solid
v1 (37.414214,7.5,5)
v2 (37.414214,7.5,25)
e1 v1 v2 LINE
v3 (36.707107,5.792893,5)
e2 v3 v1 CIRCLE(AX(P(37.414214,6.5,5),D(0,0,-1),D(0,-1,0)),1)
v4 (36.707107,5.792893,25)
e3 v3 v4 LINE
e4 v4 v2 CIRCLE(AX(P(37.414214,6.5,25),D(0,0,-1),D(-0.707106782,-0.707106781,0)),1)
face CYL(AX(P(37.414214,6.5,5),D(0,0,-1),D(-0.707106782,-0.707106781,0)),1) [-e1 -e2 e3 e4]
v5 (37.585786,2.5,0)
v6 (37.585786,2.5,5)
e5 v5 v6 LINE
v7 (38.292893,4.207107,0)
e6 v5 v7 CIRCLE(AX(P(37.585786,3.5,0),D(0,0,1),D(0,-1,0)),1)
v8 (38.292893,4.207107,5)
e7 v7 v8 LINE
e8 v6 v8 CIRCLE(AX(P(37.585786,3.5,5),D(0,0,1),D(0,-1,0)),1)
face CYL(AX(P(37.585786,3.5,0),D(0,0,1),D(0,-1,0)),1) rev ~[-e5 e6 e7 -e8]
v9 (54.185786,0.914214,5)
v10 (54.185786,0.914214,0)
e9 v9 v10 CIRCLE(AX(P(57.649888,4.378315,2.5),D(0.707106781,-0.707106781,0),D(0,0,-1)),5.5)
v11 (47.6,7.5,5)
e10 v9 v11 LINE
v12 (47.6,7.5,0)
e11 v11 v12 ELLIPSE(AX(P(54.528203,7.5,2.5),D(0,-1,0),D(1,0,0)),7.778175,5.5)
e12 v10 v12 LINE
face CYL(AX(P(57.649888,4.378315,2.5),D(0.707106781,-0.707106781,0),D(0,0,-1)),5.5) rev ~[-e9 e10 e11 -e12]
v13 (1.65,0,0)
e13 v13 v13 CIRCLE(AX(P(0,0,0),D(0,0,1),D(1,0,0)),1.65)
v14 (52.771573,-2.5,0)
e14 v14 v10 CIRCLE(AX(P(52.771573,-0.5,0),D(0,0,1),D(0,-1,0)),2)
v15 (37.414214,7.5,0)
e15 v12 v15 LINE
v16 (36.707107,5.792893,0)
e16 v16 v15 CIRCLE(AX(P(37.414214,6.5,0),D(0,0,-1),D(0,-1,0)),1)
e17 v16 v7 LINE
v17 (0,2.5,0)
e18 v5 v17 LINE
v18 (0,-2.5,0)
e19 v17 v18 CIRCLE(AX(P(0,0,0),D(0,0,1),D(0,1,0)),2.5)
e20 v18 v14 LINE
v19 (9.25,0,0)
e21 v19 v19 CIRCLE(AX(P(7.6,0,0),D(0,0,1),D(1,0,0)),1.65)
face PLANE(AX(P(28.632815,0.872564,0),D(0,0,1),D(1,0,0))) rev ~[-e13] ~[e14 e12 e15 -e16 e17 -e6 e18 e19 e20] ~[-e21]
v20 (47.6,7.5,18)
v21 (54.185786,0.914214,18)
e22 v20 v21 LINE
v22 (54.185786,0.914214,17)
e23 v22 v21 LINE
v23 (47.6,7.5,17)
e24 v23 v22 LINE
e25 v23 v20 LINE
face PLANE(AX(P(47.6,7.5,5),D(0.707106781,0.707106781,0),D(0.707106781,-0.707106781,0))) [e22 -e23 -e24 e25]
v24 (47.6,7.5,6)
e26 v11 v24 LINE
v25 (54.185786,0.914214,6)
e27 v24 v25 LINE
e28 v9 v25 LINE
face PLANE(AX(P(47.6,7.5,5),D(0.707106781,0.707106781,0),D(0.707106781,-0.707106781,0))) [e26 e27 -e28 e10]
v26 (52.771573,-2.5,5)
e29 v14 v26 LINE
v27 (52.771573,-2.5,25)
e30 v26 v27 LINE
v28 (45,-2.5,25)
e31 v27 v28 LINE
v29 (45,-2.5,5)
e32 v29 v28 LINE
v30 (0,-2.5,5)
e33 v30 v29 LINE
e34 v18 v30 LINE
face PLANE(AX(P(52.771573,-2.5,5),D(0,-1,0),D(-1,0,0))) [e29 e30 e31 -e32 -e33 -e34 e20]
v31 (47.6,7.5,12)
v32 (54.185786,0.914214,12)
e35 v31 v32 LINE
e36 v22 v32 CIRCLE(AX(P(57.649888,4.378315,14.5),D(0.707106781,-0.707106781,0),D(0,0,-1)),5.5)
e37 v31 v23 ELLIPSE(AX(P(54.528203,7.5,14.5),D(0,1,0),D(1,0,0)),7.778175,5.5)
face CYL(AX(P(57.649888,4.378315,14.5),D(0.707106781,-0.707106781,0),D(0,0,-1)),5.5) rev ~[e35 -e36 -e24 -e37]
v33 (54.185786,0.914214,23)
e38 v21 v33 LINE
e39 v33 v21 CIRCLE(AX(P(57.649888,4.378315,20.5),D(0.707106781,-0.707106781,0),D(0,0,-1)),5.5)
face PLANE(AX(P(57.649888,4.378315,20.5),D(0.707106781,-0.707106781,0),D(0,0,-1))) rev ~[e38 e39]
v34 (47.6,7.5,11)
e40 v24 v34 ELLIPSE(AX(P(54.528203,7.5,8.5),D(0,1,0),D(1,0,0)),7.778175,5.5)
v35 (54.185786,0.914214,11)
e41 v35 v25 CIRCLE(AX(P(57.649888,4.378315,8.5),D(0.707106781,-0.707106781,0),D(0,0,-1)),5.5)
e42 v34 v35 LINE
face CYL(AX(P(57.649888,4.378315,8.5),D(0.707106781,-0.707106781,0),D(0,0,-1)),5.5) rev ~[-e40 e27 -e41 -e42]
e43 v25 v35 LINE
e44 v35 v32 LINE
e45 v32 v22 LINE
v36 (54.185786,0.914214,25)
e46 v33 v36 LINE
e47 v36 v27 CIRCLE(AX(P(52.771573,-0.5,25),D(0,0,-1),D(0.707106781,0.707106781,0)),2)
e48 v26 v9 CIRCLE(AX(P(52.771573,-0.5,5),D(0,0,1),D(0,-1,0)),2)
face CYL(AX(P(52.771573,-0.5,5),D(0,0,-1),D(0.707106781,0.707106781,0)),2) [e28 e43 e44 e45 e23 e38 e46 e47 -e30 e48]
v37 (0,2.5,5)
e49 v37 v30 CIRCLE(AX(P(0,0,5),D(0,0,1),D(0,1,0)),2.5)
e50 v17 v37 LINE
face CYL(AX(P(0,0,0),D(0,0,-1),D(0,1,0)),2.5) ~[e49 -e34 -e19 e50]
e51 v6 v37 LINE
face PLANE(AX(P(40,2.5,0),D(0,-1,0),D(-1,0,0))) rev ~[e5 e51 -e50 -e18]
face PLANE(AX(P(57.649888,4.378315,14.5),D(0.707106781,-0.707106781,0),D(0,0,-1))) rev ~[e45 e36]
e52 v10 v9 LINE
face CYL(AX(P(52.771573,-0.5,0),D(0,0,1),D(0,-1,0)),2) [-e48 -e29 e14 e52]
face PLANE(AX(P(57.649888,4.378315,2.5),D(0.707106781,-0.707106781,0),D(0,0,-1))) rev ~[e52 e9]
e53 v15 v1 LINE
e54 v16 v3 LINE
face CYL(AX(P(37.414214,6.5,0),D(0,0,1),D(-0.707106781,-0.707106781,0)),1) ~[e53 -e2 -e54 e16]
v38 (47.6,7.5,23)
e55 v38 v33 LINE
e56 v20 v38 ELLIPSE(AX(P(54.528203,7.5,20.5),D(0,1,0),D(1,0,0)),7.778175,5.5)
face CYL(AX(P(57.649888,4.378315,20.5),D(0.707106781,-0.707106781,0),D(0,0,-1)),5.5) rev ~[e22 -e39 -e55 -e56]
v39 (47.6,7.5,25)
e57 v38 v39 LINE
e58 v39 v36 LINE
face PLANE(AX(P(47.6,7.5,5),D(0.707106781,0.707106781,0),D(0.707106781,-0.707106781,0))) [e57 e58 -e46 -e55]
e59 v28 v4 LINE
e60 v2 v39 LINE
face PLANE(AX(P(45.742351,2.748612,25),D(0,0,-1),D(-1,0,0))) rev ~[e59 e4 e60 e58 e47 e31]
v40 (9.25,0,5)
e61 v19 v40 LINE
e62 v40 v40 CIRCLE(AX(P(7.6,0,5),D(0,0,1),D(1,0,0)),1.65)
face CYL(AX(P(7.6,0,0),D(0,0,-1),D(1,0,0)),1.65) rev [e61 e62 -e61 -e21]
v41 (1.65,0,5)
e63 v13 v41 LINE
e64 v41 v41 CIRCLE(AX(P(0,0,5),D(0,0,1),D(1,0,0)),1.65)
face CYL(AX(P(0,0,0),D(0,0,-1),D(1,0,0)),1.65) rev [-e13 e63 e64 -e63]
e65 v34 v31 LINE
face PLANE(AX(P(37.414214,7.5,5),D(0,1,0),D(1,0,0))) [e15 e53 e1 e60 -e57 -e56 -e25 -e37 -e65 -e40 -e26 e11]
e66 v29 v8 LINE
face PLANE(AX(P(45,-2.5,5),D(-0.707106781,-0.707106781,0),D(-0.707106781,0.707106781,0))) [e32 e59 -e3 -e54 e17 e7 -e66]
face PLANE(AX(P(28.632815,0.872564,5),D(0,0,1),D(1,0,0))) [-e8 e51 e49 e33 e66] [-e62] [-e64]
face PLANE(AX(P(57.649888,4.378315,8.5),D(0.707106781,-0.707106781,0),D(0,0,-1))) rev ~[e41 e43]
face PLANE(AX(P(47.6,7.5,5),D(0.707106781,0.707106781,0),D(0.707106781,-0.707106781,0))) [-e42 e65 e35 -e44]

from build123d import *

# Parameters (mm, degrees)
SKETCH2_R           = 1.65
BOSS_EXTRUDE1_DEPTH = 5
FILLET1_R           = 2
FILLET2_R           = 1
FILLET3_R           = 1
SKETCH3_R           = 5.5
CUT_EXTRUDE1_DEPTH  = 34
BOSS_EXTRUDE2_DEPTH = 20
LPATTERN1_COUNT     = 4
LPATTERN1_PITCH     = 6


with BuildPart() as part:
    # Sketch2 → Boss-Extrude1 (new body)
    with BuildSketch(Plane.XY):
        with BuildLine():
            Line((40, 2.5), (0, 2.5))
            ThreePointArc((0, 2.5), (-2.5, 0), (0, -2.5))
            Line((0, -2.5), (57.6, -2.5))
            Line((57.6, -2.5), (47.6, 7.5))
            Line((47.6, 7.5), (35, 7.5))
            Line((35, 7.5), (40, 2.5))
        make_face()
        with Locations((7.6, 0)):
            Circle(SKETCH2_R, mode=Mode.SUBTRACT)
        Circle(SKETCH2_R, mode=Mode.SUBTRACT)
    extrude(amount=BOSS_EXTRUDE1_DEPTH)

    # Fillet1
    fillet1_edges = [part.edges().sort_by_distance(p)[0] for p in [
        (57.6, -2.5, 2.5),
    ]]
    fillet(fillet1_edges, radius=FILLET1_R)

    # Fillet2
    fillet2_edges = [part.edges().sort_by_distance(p)[0] for p in [
        (40, 2.5, 2.5),
    ]]
    fillet(fillet2_edges, radius=FILLET2_R)

    # Fillet3
    fillet3_edges = [part.edges().sort_by_distance(p)[0] for p in [
        (35, 7.5, 2.5),
    ]]
    fillet(fillet3_edges, radius=FILLET3_R)

    # Sketch3 → Cut-Extrude1 (cut)
    with BuildSketch(Plane(origin=(26.635786438, -26.635786438, 0), x_dir=(0, 0, -1), z_dir=(0.707106781, -0.707106781, 0))):
        with Locations((-2.5, 43.860563129)):
            Circle(SKETCH3_R)
    cut_extrude1 = extrude(amount=-CUT_EXTRUDE1_DEPTH, mode=Mode.SUBTRACT)

    # Sketch4 → Boss-Extrude2 (add)
    with BuildSketch(Plane.XY.offset(5)):
        with BuildLine():
            Line((37.414213562, 7.5), (47.6, 7.5))
            Line((47.6, 7.5), (54.185786438, 0.914213562))
            ThreePointArc((54.185786438, 0.914213562), (54.61933194, -1.265366865), (52.771572875, -2.5))
            Line((52.771572875, -2.5), (45, -2.5))
            Line((45, -2.5), (38.292893219, 4.207106781))
            Line((38.292893219, 4.207106781), (36.707106781, 5.792893219))
            ThreePointArc((36.707106781, 5.792893219), (36.49033403, 6.882683432), (37.414213562, 7.5))
        make_face()
    extrude(amount=BOSS_EXTRUDE2_DEPTH)

    # LPattern1: Cut-Extrude1 ×4
    with Locations(*[(0, 0, i * LPATTERN1_PITCH) for i in range(1, LPATTERN1_COUNT)]):
        add(cut_extrude1, mode=Mode.SUBTRACT)


solid = part.part
